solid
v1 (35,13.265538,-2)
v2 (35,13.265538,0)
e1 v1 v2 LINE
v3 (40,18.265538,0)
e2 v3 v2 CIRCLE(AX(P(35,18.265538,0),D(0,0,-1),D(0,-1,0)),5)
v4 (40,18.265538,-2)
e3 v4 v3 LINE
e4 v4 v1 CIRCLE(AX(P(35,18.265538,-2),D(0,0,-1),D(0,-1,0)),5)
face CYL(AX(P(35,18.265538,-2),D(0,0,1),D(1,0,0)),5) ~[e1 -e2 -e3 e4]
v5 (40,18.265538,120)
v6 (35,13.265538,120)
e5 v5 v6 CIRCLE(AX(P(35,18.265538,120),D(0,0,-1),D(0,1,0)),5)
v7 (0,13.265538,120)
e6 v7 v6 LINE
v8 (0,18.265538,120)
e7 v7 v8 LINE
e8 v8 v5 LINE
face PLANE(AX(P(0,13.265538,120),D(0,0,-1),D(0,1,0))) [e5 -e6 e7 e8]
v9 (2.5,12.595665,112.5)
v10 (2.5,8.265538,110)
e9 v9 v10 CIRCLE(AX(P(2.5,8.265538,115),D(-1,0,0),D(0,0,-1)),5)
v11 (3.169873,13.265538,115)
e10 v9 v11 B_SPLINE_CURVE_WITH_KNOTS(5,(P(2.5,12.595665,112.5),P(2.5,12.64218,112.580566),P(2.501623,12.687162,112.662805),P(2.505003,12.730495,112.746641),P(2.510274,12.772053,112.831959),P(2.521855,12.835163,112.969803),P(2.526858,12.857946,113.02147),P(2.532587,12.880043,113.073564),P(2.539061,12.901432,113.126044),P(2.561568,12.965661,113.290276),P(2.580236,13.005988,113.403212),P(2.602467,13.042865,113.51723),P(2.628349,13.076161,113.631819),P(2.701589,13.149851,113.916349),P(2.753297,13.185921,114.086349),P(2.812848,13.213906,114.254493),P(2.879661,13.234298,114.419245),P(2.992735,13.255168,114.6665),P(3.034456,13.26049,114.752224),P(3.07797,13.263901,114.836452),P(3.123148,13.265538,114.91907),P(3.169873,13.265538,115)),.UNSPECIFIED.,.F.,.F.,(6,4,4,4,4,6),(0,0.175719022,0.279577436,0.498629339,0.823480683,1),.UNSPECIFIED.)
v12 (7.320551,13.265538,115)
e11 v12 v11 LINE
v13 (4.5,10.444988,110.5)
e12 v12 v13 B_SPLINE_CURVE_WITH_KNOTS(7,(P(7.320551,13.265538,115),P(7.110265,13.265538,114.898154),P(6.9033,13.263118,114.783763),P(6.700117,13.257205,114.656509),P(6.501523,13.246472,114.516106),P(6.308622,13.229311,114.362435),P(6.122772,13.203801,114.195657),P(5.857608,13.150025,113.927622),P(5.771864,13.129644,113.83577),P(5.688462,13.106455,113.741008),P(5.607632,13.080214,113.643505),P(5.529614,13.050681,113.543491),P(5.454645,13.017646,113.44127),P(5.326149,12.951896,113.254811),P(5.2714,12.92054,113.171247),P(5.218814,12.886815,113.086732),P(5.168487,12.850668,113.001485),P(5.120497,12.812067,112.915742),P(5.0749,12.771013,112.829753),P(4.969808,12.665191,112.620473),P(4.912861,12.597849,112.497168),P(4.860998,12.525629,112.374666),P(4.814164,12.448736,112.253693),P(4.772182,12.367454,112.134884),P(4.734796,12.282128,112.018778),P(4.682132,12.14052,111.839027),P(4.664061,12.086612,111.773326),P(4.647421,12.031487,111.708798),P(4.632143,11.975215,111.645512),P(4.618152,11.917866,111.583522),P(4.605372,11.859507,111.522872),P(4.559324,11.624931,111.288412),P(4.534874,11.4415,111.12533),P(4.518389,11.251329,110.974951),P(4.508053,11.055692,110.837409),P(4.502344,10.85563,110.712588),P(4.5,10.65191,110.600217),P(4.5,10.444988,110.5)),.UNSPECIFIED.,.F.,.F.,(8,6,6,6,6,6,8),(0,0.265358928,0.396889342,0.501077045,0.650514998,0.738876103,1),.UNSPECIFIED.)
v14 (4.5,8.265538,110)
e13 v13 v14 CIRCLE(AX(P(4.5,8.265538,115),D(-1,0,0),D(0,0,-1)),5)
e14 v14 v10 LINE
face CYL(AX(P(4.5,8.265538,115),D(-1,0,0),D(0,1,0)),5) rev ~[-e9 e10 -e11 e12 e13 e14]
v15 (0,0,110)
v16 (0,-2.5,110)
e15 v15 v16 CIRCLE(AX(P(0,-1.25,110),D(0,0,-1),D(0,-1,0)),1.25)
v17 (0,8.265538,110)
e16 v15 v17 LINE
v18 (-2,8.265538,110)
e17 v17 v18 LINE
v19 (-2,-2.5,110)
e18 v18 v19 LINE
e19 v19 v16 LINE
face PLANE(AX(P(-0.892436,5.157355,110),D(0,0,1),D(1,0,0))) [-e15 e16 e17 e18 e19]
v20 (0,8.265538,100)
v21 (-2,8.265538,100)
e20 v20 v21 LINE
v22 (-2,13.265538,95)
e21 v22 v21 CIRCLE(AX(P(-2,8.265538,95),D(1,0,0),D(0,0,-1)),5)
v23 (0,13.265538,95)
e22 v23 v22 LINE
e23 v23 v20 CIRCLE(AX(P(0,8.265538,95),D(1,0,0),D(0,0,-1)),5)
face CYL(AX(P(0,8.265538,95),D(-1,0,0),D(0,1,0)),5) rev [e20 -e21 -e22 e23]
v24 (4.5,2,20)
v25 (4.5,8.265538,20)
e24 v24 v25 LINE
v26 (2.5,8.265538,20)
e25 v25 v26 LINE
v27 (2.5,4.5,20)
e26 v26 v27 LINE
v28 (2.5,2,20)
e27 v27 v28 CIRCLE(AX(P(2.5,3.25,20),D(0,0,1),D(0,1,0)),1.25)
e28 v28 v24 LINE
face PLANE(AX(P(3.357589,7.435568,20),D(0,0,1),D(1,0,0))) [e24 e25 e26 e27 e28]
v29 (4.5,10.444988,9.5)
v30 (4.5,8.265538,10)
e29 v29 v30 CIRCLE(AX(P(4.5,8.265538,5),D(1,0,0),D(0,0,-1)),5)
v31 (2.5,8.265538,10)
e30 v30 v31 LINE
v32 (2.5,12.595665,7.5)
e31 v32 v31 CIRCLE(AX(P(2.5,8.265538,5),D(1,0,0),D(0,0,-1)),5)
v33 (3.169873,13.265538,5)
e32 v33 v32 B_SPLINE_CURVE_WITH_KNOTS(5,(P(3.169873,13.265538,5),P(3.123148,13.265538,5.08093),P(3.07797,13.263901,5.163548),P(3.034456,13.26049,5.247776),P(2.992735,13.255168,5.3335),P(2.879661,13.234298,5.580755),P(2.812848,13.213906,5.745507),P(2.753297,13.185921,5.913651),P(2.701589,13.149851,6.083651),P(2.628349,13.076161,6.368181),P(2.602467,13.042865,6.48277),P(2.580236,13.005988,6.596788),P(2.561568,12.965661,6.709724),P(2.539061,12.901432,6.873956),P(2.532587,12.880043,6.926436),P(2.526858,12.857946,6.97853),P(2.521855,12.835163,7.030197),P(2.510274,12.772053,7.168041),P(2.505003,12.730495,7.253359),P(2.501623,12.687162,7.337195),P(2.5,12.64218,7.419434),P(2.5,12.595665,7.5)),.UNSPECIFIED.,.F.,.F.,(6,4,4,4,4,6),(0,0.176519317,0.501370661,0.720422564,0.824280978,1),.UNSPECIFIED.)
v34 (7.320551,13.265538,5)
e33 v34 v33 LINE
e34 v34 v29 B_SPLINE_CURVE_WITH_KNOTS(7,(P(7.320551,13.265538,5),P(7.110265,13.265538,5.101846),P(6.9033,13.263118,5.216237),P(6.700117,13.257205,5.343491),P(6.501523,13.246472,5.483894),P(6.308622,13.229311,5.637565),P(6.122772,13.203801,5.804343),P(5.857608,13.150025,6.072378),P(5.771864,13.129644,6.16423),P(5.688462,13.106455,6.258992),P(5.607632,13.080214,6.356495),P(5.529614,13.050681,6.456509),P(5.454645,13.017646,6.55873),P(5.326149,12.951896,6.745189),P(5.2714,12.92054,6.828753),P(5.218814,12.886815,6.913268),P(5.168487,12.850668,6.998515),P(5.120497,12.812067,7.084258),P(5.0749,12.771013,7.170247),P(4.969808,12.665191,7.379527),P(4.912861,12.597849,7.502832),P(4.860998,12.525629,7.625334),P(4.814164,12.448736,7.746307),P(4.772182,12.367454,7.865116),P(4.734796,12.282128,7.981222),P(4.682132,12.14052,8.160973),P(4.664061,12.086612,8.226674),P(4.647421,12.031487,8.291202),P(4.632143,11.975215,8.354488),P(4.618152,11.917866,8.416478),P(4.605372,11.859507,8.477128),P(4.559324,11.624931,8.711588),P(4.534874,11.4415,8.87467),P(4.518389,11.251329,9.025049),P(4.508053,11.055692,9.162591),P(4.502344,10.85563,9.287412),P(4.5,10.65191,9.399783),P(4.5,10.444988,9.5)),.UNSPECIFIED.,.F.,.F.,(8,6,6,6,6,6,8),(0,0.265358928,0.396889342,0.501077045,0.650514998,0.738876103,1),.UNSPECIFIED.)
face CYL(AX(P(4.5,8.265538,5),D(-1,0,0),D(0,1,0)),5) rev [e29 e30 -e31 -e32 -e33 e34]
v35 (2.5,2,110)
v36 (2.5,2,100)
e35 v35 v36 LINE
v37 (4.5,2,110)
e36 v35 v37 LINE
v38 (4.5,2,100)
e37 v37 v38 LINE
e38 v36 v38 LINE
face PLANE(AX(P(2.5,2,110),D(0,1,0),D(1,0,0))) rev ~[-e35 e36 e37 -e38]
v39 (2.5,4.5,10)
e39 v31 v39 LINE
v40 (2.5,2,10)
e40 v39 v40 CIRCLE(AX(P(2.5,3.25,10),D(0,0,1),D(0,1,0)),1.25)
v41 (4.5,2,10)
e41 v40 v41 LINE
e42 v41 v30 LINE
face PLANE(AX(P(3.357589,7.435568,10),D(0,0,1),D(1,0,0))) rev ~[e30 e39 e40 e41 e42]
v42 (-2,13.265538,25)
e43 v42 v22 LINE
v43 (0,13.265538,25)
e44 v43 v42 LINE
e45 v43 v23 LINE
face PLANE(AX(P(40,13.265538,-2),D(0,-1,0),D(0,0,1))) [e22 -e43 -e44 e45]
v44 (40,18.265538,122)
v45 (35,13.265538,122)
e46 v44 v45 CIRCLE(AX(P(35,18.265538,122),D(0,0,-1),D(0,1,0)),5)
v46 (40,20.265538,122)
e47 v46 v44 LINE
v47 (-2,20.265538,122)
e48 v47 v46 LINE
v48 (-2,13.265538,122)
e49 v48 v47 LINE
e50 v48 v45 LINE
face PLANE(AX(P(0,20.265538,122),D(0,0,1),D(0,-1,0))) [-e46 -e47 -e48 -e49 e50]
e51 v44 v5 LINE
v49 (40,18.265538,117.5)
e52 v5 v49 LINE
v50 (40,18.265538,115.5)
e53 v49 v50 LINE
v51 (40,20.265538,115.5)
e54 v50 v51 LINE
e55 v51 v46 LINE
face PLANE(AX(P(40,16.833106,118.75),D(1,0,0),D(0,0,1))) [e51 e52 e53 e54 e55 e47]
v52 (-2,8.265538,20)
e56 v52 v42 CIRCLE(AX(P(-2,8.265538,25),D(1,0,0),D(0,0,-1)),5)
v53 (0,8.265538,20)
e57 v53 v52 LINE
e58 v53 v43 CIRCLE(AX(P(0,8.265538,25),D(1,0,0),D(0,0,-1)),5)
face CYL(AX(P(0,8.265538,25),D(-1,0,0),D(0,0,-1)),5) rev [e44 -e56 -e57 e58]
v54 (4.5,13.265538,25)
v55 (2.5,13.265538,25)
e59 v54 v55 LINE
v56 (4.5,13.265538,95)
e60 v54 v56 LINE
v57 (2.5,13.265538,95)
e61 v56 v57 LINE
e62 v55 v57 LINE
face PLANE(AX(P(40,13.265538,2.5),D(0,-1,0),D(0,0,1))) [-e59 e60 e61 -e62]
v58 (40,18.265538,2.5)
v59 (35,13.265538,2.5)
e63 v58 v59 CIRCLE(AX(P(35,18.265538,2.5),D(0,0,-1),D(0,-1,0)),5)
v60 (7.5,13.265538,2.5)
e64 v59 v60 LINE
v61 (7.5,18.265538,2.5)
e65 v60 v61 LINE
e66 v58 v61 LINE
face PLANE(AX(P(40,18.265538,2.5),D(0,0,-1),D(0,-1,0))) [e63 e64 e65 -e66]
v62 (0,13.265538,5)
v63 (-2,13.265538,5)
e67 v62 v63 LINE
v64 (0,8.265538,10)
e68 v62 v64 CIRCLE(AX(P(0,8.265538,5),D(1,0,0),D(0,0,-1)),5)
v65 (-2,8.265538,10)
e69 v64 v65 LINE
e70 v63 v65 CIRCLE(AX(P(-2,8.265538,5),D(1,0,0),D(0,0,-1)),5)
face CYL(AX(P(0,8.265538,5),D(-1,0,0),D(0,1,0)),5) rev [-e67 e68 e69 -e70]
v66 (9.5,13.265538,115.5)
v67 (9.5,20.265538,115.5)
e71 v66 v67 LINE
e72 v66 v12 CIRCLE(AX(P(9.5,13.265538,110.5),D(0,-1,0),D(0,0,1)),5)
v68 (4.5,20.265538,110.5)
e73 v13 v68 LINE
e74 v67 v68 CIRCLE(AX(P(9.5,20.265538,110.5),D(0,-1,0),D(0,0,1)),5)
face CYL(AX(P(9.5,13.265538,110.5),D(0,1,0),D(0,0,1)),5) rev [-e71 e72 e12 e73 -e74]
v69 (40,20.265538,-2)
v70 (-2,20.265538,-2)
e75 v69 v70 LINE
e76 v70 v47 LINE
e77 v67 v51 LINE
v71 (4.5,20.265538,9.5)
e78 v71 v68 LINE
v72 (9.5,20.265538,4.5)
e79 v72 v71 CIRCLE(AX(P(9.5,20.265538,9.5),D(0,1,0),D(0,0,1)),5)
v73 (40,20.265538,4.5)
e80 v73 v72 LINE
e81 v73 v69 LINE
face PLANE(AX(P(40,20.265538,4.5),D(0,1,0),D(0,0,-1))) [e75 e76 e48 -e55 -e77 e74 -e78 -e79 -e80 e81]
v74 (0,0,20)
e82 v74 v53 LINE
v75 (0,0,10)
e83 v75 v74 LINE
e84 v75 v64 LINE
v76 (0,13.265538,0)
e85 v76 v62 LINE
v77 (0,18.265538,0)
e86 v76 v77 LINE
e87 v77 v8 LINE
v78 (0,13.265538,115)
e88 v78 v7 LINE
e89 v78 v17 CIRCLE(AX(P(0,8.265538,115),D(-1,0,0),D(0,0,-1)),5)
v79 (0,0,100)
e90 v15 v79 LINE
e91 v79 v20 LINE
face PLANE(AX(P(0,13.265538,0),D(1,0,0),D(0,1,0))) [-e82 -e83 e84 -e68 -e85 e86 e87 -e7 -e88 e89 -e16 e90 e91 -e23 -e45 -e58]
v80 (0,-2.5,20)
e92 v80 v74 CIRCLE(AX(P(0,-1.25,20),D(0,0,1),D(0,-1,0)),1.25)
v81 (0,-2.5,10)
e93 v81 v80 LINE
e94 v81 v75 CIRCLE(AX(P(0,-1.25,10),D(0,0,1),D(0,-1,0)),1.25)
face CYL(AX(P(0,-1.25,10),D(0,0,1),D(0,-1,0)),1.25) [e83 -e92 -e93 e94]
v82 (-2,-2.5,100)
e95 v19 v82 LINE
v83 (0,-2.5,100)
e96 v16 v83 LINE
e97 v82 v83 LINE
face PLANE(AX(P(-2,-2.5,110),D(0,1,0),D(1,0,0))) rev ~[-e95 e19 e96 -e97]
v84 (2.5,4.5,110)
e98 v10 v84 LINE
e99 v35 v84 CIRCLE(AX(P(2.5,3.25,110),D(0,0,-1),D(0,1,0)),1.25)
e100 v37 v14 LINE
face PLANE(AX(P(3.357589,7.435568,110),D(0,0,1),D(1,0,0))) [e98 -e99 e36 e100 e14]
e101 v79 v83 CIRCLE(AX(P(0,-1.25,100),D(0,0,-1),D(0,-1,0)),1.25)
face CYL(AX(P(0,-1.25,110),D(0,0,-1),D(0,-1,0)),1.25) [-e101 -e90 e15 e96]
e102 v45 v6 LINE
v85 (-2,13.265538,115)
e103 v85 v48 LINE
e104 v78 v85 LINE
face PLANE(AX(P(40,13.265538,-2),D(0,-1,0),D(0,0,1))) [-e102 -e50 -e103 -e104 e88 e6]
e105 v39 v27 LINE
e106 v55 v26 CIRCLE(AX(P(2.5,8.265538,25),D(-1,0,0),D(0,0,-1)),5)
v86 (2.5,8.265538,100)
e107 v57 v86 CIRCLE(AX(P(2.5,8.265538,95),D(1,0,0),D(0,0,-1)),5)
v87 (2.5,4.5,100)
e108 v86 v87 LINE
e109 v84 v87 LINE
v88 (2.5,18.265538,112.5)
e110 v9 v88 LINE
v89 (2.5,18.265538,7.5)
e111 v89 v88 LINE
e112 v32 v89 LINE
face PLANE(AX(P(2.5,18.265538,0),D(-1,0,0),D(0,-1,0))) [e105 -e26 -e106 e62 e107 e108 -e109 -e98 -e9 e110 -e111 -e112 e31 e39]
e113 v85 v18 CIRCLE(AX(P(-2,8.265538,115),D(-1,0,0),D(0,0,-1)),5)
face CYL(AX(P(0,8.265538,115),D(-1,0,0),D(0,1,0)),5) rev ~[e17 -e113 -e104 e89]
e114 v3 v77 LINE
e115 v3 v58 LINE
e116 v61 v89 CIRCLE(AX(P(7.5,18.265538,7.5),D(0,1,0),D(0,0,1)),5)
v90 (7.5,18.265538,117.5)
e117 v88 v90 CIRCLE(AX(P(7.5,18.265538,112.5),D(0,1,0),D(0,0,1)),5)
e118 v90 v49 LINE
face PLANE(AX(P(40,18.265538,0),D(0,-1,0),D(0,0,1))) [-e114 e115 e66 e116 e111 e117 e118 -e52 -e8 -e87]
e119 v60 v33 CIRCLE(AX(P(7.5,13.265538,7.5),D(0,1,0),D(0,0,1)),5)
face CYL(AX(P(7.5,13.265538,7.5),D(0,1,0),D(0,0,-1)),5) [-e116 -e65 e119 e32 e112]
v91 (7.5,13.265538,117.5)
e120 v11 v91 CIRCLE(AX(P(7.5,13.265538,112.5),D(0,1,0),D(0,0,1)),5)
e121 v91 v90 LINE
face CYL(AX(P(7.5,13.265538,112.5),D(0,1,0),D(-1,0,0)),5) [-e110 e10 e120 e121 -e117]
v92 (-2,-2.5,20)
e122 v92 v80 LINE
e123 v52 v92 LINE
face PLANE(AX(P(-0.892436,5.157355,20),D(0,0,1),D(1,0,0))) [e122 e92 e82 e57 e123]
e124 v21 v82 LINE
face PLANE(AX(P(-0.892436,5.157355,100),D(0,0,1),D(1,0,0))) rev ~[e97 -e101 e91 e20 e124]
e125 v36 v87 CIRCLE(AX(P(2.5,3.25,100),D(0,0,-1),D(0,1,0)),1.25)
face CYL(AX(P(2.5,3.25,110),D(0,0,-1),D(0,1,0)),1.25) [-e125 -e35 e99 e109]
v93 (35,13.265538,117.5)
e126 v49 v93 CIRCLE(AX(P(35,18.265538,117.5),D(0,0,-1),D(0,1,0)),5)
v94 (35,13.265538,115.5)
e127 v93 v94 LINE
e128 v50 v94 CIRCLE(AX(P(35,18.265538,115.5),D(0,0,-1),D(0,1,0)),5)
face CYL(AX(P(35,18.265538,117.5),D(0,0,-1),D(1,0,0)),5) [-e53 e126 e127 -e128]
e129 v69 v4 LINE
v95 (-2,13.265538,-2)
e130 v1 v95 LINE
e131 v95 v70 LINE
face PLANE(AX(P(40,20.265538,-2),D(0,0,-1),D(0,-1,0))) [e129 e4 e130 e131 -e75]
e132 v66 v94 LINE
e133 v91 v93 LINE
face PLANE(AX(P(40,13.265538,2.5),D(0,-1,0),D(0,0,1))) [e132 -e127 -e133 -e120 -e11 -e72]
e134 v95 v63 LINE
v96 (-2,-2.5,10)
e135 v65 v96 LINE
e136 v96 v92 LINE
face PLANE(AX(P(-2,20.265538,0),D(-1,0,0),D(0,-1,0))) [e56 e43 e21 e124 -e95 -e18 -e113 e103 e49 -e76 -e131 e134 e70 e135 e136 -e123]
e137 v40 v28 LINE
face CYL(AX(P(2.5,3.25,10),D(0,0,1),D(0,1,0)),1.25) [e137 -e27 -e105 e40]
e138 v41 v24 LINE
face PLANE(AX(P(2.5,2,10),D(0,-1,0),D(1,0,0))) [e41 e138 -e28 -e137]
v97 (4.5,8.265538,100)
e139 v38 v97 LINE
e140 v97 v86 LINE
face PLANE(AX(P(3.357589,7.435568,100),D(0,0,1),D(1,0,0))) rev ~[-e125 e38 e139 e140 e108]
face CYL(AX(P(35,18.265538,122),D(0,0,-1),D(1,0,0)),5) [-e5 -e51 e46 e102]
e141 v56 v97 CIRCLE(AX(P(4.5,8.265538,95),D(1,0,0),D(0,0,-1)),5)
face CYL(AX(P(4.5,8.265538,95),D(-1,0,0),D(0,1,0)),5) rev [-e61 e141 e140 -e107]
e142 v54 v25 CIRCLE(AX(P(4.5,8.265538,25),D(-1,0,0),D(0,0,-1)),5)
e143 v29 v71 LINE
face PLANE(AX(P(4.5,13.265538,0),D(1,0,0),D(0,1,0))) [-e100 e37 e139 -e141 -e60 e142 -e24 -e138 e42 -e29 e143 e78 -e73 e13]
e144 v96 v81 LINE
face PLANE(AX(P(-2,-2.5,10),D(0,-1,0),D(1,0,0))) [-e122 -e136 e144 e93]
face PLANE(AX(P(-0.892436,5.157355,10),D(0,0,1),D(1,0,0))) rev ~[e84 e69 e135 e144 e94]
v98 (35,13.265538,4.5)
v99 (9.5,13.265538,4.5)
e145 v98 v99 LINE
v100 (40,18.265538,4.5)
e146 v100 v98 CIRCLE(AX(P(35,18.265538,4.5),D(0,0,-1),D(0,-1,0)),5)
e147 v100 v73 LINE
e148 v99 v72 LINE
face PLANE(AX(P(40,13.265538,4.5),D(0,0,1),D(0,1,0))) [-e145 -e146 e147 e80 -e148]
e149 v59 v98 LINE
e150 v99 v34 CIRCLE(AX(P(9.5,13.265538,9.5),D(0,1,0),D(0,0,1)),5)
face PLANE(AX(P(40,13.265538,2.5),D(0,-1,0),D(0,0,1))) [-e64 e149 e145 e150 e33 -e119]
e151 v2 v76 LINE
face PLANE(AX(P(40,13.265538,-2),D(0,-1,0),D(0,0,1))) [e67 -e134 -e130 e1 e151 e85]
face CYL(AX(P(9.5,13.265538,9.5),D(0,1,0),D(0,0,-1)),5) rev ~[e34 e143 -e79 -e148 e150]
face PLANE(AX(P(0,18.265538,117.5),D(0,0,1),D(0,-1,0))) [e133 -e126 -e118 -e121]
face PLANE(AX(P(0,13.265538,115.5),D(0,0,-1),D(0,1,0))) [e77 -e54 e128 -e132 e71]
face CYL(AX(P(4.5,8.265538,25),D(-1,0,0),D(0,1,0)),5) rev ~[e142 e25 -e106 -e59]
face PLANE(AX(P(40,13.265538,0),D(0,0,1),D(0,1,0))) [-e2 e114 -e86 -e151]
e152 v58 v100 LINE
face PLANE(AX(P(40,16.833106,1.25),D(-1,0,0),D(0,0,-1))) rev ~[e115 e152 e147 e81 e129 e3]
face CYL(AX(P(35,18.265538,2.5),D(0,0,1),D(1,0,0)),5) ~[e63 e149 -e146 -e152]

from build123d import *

# Parameters (mm, degrees)
F10_R = 5
F11_R = 5
F12_R = 5


with BuildPart() as f2:
    # F2: sweep along a path in F1
    with BuildLine(Plane.XZ) as f2_path:
        Line((40, 0), (0, 0))
        Line((0, 0), (0, 120))
        Line((0, 120), (40, 120))
    # F0 (on Top) → F2 (sweep)
    with BuildSketch(Plane.XY):
        Polygon((-2, 13.2655382454), (0, 13.2655382454), (0, 18.2655382454), (2.5, 18.2655382454), (2.5, 13.2655382454), (4.5, 13.2655382454), (4.5, 20.2655382454), (-2, 20.2655382454), align=None)
    sweep(path=f2_path.line, transition=Transition.RIGHT)

    # F8: sweep along a path in F3
    with BuildLine(Plane.XZ) as f8_path:
        Line((0, 10), (0, 20))
    # F6 (on plane+point) → F8 (sweep)
    with BuildSketch(Plane.XY.offset(10)):
        with BuildLine():
            ThreePointArc((0, -2.5), (1.25, -1.25), (0, 0))
            Line((0, 0), (0, 13.2655382454))
            Line((0, 13.2655382454), (-2, 13.2655382454))
            Line((-2, 13.2655382454), (-2, -2.5))
            Line((-2, -2.5), (0, -2.5))
        make_face()
        with BuildLine():
            Line((4.5, 13.2655382454), (2.5, 13.2655382454))
            Line((2.5, 13.2655382454), (2.5, 4.5))
            ThreePointArc((2.5, 4.5), (1.25, 3.25), (2.5, 2))
            Line((2.5, 2), (4.5, 2))
            Line((4.5, 2), (4.5, 13.2655382454))
        make_face()
    sweep(path=f8_path.line)

    # F9: sweep along a path in F3
    with BuildLine(Plane.XZ) as f9_path:
        Line((0, 110), (0, 100))
    # F7 (on plane+point) → F9 (sweep)
    with BuildSketch(Plane.XY.offset(100)):
        with BuildLine():
            ThreePointArc((0, -2.5), (1.25, -1.25), (0, 0))
            Line((0, 0), (0, 13.2655382454))
            Line((0, 13.2655382454), (-2, 13.2655382454))
            Line((-2, 13.2655382454), (-2, -2.5))
            Line((-2, -2.5), (0, -2.5))
        make_face()
        with BuildLine():
            Line((4.5, 13.2655382454), (2.5, 13.2655382454))
            Line((2.5, 13.2655382454), (2.5, 4.5))
            ThreePointArc((2.5, 4.5), (1.25, 3.25), (2.5, 2))
            Line((2.5, 2), (4.5, 2))
            Line((4.5, 2), (4.5, 13.2655382454))
        make_face()
    sweep(path=f9_path.line)

    # F10
    f10_edges = [f2.edges().sort_by_distance(p)[0] for p in [
        (-1, 13.265538, 10),
        (3.5, 13.265538, 10),
        (-1, 13.265538, 20),
        (3.5, 13.265538, 20),
        (-1, 13.265538, 100),
        (3.5, 13.265538, 100),
        (3.5, 13.265538, 110),
        (-1, 13.265538, 110),
    ]]
    fillet(f10_edges, radius=F10_R)

    # F11
    f11_edges = [f2.edges().sort_by_distance(p)[0] for p in [
        (2.5, 15.765538, 117.5),
        (4.5, 16.765538, 115.5),
        (4.5, 16.765538, 4.5),
        (2.5, 15.765538, 2.5),
    ]]
    fillet(f11_edges, radius=F11_R)

    # F12
    f12_edges = [f2.edges().sort_by_distance(p)[0] for p in [
        (40, 13.265538, -1),
        (40, 13.265538, 3.5),
        (40, 13.265538, 121),
        (40, 13.265538, 116.5),
    ]]
    fillet(f12_edges, radius=F12_R)


solid = f2.part
